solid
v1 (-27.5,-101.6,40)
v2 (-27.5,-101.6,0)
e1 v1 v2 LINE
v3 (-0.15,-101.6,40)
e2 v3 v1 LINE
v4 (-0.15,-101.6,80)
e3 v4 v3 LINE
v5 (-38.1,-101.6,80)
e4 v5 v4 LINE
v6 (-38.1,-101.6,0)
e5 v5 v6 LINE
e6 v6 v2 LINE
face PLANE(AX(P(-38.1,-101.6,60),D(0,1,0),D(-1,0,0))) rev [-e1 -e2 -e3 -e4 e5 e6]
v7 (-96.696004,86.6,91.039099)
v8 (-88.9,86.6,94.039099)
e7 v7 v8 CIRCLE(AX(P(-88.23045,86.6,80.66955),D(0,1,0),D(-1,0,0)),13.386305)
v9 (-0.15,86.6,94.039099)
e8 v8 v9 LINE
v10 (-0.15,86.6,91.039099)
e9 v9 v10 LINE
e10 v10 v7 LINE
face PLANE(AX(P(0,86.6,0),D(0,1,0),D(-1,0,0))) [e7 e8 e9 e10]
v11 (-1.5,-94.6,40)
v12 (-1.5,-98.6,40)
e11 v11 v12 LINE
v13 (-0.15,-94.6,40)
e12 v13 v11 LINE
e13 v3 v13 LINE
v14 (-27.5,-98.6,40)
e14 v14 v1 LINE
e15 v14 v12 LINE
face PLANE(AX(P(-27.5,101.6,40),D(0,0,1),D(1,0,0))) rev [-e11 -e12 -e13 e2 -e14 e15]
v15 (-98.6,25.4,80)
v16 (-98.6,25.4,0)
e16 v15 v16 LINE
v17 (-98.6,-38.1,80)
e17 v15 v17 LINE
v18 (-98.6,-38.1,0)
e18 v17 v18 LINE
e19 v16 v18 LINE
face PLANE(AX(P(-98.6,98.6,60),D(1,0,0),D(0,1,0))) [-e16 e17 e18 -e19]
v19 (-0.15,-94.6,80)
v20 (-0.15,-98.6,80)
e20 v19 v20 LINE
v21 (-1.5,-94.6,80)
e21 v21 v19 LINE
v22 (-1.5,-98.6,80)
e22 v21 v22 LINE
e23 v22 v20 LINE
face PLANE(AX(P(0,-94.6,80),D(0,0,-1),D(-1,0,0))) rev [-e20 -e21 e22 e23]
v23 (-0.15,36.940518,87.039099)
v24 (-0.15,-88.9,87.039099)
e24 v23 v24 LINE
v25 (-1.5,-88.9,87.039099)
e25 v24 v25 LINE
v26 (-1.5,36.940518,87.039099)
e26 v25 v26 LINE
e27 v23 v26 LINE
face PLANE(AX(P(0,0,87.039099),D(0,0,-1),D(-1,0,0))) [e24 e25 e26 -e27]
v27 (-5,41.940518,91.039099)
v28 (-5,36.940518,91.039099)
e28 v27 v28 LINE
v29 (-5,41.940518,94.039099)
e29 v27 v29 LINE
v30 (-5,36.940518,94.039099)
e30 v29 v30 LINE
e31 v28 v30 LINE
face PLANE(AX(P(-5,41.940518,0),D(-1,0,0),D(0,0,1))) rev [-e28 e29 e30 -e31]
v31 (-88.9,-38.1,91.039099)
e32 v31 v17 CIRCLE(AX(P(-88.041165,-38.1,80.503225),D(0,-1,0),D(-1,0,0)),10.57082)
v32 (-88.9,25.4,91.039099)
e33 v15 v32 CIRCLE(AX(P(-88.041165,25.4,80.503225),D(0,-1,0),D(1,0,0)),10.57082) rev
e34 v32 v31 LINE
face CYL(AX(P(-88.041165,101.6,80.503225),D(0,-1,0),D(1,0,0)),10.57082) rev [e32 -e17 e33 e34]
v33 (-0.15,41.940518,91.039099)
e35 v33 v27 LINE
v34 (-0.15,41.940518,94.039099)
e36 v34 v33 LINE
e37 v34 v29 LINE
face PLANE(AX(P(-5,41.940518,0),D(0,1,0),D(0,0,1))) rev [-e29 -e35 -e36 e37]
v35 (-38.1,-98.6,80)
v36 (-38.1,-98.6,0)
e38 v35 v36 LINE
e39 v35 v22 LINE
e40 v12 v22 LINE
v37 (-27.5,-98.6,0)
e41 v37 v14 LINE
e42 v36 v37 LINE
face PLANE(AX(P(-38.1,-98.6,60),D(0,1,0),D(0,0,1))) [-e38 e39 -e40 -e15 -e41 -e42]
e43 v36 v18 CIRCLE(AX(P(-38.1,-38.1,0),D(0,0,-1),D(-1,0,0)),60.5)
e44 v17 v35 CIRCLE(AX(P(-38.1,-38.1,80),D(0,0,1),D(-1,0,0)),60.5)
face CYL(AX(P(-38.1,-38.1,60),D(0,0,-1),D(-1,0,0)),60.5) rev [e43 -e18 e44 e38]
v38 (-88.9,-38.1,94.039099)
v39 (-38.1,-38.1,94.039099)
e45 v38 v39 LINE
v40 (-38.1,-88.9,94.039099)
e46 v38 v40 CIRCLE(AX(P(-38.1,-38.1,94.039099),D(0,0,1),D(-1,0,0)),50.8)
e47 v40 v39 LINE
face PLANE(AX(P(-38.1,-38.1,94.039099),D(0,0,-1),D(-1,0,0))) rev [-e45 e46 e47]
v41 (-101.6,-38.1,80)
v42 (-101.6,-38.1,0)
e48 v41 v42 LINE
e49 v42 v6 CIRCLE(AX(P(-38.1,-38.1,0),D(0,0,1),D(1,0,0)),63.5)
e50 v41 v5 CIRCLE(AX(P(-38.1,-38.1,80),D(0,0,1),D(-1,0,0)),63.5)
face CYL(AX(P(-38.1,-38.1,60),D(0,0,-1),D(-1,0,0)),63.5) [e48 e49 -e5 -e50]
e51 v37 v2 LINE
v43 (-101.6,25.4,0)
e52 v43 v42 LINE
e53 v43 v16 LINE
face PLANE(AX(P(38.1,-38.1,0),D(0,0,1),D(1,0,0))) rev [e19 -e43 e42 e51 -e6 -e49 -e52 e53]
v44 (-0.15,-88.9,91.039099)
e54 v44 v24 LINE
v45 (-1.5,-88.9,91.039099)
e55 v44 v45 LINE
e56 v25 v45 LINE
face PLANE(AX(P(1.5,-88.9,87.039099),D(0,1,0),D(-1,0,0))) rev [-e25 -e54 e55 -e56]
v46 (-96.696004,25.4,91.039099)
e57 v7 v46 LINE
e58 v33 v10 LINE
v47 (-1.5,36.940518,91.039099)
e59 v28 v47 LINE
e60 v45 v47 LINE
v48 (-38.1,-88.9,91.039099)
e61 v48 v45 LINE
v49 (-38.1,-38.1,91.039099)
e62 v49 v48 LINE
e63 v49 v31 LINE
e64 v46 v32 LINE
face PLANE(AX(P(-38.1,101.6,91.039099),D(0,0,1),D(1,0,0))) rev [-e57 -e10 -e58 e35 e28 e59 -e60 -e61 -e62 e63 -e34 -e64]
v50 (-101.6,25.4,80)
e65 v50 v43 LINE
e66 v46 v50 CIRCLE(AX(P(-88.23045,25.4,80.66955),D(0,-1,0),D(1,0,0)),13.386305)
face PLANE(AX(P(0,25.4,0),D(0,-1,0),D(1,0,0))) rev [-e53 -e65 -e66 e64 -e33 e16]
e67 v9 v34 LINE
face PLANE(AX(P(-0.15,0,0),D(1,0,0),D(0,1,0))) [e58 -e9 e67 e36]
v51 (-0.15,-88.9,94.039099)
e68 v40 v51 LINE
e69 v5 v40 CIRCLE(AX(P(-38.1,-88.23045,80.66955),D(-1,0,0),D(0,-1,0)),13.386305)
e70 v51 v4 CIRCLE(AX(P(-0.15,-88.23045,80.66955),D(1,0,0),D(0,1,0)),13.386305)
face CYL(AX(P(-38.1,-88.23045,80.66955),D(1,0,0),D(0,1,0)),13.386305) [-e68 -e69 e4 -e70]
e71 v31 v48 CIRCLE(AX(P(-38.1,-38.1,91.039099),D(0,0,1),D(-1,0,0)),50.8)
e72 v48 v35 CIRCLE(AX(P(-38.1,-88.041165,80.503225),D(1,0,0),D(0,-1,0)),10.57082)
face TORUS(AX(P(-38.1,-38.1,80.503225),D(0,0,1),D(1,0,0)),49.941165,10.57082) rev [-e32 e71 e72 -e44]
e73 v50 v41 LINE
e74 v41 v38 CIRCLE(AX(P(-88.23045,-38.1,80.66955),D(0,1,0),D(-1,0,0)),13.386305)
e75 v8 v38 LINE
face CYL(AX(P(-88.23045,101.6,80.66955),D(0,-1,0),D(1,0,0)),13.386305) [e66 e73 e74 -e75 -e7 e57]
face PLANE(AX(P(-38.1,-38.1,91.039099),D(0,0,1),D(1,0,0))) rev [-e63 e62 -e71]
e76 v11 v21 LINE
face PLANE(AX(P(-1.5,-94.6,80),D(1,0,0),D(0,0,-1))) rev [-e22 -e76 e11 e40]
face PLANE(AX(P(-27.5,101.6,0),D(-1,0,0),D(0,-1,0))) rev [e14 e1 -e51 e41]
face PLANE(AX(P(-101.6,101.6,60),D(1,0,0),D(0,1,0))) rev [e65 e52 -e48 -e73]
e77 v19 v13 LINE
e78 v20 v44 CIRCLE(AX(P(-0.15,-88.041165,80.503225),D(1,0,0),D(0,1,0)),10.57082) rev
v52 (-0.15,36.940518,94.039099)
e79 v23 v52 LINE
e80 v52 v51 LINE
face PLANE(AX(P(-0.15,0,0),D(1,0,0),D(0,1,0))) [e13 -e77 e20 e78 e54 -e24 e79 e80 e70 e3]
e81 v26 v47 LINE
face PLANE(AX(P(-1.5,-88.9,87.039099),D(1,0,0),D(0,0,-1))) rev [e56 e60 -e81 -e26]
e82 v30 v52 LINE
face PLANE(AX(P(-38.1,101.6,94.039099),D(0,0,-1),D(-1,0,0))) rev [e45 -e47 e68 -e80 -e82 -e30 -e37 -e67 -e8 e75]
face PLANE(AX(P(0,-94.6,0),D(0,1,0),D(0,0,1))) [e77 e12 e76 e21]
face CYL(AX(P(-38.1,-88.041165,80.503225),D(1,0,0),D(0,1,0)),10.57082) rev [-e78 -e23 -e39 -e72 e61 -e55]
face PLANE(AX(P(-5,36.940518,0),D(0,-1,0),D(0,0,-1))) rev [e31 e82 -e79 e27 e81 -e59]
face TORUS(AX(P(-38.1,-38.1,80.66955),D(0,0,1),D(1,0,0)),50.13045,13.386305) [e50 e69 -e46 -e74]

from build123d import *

# Parameters (mm, degrees)
BOSS_EXTRUDE1_DEPTH = 60
SKETCH6_W           = 76.2
SKETCH6_H           = 139.7
BOSS_EXTRUDE3_DEPTH = 3
SKETCH7_W           = 254.695348458
SKETCH7_H           = 135.329086622
CUT_EXTRUDE1_DEPTH  = 76.2
SKETCH8_W           = 10
SKETCH8_H           = 5
CUT_EXTRUDE2_DEPTH  = 172.74190537
SKETCH9_W           = 55
SKETCH9_H           = 40
CUT_EXTRUDE3_DEPTH  = 246.885251985
SKETCH10_W          = 200.764393162
SKETCH10_H          = 14.388440844
CUT_EXTRUDE4_DEPTH  = 15
BOSS_EXTRUDE4_DEPTH = 4
BOSS_EXTRUDE5_DEPTH = 4
SKETCH13_W          = 181.59007752
SKETCH13_H          = 354.992238287
CUT_EXTRUDE5_DEPTH  = 101.75


with BuildPart() as part:
    # Sketch1 → Boss-Extrude1 (new body)
    with BuildSketch(Plane.XY):
        with BuildLine():
            Line((-101.6, 101.6), (-101.6, -38.1))
            ThreePointArc((-101.6, -38.1), (-83.001280605, -83.001280605), (-38.1, -101.6))
            Line((-38.1, -101.6), (38.1, -101.6))
            ThreePointArc((38.1, -101.6), (83.001280605, -83.001280605), (101.6, -38.1))
            Line((101.6, -38.1), (101.6, 101.6))
            Line((101.6, 101.6), (-101.6, 101.6))
        make_face()
        with BuildLine():
            Line((-98.6, 98.6), (-98.6, -38.1))
            ThreePointArc((-98.6, -38.1), (-80.879960262, -80.879960262), (-38.1, -98.6))
            Line((-38.1, -98.6), (38.1, -98.6))
            ThreePointArc((38.1, -98.6), (80.879960262, -80.879960262), (98.6, -38.1))
            Line((98.6, -38.1), (98.6, 98.6))
            Line((98.6, 98.6), (-98.6, 98.6))
        make_face(mode=Mode.SUBTRACT)
    extrude(amount=BOSS_EXTRUDE1_DEPTH)

    # Sweep2: sweep along a path in Sketch5
    with BuildLine(Plane.XY.offset(60)) as sweep2_path:
        Line((-100.1, 101.6), (-100.1, -38.1))
        ThreePointArc((-100.1, -38.1), (-81.940620434, -81.940620434), (-38.1, -100.1))
        Line((-38.1, -100.1), (38.1, -100.1))
        ThreePointArc((38.1, -100.1), (81.940620434, -81.940620434), (100.1, -38.1))
        Line((100.1, -38.1), (100.1, 101.6))
    # Sketch3 → Sweep2 (sweep)
    with BuildSketch(Plane(origin=(0, 101.6, 0), x_dir=(1, 0, 0), z_dir=(0, 1, 0))):
        with BuildLine():
            Line((-38.1, -91.039099262), (-88.9, -91.039099262))
            ThreePointArc((-88.9, -91.039099262), (-95.981959893, -87.480761361), (-98.6, -80))
            Line((-98.6, -80), (-98.6, -60))
            Line((-98.6, -60), (-101.6, -60))
            Line((-101.6, -60), (-101.6, -80))
            ThreePointArc((-101.6, -80), (-98.157592659, -89.649805752), (-88.9, -94.039099262))
            Line((-88.9, -94.039099262), (-38.1, -94.039099262))
            Line((-38.1, -94.039099262), (-38.1, -91.039099262))
        make_face()
    sweep(path=sweep2_path.line)

    # Sketch6 → Boss-Extrude3 (add)
    with BuildSketch(Plane.XY.offset(94.039099262)):
        with Locations((0, 31.75)):
            Rectangle(SKETCH6_W, SKETCH6_H)
    extrude(amount=-BOSS_EXTRUDE3_DEPTH)

    # Sketch7 → Cut-Extrude1 (cut)
    with BuildSketch(Plane(origin=(0, 101.6, 0), x_dir=(1, 0, 0), z_dir=(0, 1, 0))):
        with Locations((-4.889183354, -23.374555951)):
            Rectangle(SKETCH7_W, SKETCH7_H)
    extrude(amount=-CUT_EXTRUDE1_DEPTH, mode=Mode.SUBTRACT)

    # Sketch8 → Cut-Extrude2 (cut, through all)
    with BuildSketch(Plane.XY.offset(94.039099262)):
        with Locations((0, 39.440517612)):
            Rectangle(SKETCH8_W, SKETCH8_H)
    extrude(amount=-CUT_EXTRUDE2_DEPTH, mode=Mode.SUBTRACT)

    # Sketch9 → Cut-Extrude3 (cut, through all)
    with BuildSketch(Plane(origin=(0, -101.6, 0), x_dir=(-1, 0, 0), z_dir=(0, -1, 0))):
        with Locations((0, -20)):
            Rectangle(SKETCH9_W, SKETCH9_H)
    extrude(amount=-CUT_EXTRUDE3_DEPTH, mode=Mode.SUBTRACT)

    # Sketch10 → Cut-Extrude4 (cut)
    with BuildSketch(Plane(origin=(0, 101.6, 0), x_dir=(1, 0, 0), z_dir=(0, 1, 0))):
        with Locations((0, -94.039099262)):
            Rectangle(SKETCH10_W, SKETCH10_H)
    extrude(amount=-CUT_EXTRUDE4_DEPTH, mode=Mode.SUBTRACT)

    # Sketch11 → Boss-Extrude4 (add)
    with BuildSketch(Plane(origin=(0, -98.6, 0), x_dir=(1, 0, 0), z_dir=(0, 1, 0))):
        Polygon((0, -80), (1.5, -80), (1.5, -40), (0, -40), (-1.5, -40), (-1.5, -80), align=None)
    extrude(amount=BOSS_EXTRUDE4_DEPTH)

    # Sketch12 → Boss-Extrude5 (add)
    with BuildSketch(Plane(origin=(0, 0, 91.039099262), x_dir=(-1, 0, 0), z_dir=(0, 0, -1))):
        Polygon((-1.5, -88.9), (0, -88.9), (1.5, -88.9), (1.5, 36.940517612), (-1.5, 36.940517612), align=None)
    extrude(amount=BOSS_EXTRUDE5_DEPTH)

    # Sketch13 → Cut-Extrude5 (cut)
    with BuildSketch(Plane(origin=(101.6, 0, 0), x_dir=(0, 0, -1), z_dir=(1, 0, 0))):
        with Locations((-39.565471337, -8.440264941)):
            Rectangle(SKETCH13_W, SKETCH13_H)
    extrude(amount=-CUT_EXTRUDE5_DEPTH, mode=Mode.SUBTRACT)


with BuildPart() as cut_extrude5_kept_piece:
    # of the separate pieces the step leaves, the one the design keeps (cut_extrude5_pieces_kept)
    add(part.part.solids().sort_by_distance((-101.6, 25.4, 0))[0])


solid = cut_extrude5_kept_piece.part
